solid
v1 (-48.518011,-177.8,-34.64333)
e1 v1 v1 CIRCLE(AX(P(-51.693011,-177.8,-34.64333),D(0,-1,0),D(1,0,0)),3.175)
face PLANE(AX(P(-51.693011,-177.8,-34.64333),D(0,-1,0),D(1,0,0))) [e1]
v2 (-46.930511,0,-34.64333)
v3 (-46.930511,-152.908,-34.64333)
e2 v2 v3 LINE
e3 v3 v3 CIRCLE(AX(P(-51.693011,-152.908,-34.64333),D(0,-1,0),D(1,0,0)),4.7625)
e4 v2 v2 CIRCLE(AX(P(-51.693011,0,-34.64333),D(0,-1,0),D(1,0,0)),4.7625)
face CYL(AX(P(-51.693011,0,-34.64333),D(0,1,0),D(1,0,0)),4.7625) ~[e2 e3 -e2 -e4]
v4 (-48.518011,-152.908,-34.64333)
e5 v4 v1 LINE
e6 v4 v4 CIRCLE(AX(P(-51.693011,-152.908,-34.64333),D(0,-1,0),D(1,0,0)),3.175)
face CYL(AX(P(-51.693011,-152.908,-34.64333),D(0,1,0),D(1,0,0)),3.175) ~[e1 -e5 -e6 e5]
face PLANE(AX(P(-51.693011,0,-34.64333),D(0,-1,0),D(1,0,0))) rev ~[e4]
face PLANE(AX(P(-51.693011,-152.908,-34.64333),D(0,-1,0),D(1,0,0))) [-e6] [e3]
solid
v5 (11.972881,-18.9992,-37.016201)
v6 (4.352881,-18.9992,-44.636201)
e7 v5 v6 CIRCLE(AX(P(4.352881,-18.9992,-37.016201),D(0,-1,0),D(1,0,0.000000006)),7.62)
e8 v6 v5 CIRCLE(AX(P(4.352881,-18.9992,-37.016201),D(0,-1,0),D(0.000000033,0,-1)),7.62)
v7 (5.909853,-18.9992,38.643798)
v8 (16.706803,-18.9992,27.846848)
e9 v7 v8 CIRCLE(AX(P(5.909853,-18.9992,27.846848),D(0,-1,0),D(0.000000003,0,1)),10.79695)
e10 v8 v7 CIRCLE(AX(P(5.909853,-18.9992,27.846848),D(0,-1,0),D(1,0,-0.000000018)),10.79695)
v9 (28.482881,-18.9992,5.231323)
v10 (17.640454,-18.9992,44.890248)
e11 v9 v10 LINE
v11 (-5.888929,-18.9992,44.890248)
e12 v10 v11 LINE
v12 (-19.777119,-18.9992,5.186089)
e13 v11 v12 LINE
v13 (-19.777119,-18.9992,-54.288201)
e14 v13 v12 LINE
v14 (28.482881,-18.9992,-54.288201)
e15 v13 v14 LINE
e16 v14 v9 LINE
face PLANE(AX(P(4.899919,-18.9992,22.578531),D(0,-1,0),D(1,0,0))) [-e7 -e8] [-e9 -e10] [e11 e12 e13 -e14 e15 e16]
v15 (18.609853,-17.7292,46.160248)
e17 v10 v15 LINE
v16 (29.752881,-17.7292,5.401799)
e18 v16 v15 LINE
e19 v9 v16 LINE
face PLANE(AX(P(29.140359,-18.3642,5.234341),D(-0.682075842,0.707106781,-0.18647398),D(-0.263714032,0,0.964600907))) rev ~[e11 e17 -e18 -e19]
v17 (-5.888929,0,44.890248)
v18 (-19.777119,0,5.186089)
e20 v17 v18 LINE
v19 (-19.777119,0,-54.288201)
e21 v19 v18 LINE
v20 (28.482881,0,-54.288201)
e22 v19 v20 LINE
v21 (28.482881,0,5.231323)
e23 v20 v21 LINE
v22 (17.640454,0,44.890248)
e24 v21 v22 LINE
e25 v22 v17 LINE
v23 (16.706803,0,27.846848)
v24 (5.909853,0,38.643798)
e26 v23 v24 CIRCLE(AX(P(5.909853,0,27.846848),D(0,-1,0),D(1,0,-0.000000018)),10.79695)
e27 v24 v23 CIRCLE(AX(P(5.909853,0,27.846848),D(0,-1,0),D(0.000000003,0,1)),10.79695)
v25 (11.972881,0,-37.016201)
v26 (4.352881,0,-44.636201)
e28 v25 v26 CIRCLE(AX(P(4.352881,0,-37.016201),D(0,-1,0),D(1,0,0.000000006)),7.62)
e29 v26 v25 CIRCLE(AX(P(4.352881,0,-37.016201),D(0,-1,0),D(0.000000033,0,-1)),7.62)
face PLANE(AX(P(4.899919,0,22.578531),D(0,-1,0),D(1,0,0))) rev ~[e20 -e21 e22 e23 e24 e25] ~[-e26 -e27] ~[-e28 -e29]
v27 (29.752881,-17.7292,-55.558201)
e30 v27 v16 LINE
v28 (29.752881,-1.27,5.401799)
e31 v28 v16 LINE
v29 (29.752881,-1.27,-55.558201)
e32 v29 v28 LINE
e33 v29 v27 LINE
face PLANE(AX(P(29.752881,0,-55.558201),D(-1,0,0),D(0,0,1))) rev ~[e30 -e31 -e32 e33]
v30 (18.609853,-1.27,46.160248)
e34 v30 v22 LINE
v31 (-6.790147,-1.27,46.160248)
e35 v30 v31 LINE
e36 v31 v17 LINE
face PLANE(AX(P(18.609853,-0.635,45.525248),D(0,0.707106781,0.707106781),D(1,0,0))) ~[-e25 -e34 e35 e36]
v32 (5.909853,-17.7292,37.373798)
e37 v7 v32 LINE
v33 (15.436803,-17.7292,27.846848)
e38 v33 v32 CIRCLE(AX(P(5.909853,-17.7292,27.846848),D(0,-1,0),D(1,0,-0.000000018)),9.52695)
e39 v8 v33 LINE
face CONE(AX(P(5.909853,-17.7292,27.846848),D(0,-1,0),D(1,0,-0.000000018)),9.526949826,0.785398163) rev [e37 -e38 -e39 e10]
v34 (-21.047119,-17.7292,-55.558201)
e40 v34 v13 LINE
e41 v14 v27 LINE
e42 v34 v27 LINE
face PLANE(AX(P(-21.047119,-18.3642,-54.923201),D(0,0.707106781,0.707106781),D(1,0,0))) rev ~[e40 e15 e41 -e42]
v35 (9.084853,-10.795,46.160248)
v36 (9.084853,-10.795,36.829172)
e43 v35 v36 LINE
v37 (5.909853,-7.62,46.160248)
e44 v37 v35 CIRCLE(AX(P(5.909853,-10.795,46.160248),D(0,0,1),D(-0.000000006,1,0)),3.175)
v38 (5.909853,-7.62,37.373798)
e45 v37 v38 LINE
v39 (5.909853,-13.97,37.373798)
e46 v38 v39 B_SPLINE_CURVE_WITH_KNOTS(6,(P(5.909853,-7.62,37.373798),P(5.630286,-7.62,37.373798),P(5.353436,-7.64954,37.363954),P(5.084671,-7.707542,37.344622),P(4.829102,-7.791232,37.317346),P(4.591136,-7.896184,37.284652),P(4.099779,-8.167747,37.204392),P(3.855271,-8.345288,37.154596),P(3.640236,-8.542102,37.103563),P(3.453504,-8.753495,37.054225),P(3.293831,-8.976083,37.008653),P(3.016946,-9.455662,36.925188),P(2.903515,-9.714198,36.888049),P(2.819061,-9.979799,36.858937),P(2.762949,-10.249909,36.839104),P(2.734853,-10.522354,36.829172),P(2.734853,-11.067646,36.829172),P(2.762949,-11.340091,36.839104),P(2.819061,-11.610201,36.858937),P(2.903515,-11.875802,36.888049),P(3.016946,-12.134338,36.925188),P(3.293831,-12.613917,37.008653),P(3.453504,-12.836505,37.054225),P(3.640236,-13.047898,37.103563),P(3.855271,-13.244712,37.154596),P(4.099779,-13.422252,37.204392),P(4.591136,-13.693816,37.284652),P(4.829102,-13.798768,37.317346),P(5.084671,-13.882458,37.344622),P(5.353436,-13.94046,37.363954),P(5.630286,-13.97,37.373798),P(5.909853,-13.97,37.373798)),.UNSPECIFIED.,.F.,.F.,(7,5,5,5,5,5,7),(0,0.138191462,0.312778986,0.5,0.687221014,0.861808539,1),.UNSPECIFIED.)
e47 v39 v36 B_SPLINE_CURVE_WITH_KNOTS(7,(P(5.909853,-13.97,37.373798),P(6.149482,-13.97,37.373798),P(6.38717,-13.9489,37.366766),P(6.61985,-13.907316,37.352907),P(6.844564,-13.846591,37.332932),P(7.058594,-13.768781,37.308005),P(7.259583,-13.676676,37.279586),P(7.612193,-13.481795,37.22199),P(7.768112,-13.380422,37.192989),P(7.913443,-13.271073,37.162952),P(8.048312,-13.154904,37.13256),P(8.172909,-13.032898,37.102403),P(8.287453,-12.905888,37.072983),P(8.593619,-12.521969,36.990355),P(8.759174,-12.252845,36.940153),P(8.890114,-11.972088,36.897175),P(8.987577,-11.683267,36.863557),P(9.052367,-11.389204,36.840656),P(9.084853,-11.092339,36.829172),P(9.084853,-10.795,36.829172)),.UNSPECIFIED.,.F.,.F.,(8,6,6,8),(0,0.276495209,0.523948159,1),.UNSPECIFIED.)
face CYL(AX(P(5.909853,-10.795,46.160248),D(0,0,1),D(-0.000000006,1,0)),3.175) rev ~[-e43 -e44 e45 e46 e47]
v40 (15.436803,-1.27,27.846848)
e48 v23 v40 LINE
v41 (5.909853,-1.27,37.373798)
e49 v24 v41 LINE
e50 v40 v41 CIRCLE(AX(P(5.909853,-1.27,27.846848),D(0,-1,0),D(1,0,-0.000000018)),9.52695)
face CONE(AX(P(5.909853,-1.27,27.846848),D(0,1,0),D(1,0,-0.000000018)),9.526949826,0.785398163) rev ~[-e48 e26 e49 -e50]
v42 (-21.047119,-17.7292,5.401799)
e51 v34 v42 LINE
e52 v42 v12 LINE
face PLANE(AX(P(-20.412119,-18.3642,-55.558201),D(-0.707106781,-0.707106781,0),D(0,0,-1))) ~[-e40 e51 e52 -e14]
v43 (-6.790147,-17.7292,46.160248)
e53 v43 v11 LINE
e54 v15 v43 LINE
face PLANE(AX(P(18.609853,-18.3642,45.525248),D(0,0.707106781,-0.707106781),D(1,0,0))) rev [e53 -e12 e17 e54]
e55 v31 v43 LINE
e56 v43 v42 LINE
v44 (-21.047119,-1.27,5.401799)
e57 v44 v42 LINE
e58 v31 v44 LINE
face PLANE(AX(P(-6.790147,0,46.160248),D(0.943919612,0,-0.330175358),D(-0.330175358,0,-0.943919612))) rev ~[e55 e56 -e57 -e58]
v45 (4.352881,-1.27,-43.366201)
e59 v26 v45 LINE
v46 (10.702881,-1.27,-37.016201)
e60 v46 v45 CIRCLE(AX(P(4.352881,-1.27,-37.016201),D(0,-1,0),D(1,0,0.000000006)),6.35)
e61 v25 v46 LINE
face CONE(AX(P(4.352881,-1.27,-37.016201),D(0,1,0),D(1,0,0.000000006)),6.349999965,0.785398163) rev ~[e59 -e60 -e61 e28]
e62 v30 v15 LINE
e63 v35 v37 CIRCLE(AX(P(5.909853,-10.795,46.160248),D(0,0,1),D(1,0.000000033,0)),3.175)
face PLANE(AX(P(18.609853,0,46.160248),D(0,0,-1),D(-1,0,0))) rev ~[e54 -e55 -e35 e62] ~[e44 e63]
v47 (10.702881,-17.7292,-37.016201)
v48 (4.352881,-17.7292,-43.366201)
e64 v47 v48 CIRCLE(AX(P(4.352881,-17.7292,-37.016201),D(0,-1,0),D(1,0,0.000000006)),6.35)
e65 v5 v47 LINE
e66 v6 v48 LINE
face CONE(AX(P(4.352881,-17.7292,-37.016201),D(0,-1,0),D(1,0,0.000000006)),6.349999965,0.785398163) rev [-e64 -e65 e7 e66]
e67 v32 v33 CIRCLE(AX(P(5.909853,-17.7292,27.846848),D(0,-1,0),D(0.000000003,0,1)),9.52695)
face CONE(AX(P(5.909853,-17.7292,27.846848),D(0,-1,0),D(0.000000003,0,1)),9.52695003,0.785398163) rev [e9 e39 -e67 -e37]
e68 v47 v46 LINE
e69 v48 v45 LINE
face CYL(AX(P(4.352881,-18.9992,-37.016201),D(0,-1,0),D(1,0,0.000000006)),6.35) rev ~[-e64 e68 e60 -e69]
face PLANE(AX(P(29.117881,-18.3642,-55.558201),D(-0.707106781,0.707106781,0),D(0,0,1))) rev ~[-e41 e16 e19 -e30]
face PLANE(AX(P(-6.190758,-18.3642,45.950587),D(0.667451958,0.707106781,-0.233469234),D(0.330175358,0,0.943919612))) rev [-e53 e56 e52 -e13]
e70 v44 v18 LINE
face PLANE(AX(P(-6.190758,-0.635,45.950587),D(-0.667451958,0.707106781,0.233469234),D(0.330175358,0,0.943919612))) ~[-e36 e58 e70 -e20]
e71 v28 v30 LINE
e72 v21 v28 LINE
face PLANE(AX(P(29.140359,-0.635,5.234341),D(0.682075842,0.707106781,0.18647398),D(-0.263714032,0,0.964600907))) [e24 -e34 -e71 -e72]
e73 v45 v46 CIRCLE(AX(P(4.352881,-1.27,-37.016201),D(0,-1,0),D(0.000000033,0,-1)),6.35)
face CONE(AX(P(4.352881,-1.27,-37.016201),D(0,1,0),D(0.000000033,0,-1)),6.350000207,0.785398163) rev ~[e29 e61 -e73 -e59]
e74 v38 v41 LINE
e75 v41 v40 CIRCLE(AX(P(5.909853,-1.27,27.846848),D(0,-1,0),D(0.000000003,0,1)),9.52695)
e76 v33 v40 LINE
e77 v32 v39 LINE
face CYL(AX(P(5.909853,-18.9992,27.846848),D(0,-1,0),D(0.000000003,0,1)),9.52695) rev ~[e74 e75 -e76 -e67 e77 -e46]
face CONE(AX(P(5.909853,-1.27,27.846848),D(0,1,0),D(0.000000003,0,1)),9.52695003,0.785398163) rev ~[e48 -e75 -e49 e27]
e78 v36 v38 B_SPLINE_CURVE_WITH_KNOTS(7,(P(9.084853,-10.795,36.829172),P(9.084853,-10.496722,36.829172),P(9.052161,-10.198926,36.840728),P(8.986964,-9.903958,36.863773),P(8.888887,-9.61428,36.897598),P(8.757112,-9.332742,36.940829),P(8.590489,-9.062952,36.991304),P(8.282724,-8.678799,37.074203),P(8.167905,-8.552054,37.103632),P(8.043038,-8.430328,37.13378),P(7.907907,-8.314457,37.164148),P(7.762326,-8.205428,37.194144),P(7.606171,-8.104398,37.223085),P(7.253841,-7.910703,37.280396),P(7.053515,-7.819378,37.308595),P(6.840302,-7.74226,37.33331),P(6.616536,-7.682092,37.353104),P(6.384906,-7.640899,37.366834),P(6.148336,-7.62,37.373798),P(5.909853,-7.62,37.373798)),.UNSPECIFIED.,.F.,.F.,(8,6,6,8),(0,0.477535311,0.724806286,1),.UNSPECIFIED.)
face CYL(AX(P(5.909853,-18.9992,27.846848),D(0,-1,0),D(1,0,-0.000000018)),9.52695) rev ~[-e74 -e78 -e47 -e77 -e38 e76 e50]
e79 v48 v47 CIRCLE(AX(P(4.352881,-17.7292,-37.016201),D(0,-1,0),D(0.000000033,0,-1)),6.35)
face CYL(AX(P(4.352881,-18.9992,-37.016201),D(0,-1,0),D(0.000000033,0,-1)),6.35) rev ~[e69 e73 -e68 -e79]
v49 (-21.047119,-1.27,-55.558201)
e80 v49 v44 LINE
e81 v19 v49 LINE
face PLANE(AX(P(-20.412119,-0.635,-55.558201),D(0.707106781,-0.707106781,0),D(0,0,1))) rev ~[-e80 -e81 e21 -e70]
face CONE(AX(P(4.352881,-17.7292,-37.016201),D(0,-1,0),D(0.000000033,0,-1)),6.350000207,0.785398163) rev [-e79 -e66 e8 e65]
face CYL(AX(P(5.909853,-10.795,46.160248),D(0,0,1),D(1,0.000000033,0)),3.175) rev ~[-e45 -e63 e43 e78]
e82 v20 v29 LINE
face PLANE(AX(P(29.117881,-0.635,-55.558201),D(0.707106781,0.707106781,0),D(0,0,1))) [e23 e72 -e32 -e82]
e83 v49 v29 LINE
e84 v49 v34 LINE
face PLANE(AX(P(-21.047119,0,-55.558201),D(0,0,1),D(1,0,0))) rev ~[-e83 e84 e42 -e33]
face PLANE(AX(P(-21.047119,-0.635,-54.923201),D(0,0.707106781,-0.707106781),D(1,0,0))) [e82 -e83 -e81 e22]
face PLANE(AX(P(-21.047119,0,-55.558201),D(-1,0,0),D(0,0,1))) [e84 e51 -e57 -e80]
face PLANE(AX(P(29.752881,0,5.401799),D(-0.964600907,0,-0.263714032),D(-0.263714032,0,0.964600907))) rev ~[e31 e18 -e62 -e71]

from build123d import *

# Parameters (mm, degrees)
F0_W      = 50.8
F0_H      = 60.96
F1_DEPTH  = 18.9992
F3_DEPTH  = 25.4
F5_DEPTH  = 25.4
F6_SIZE   = 1.27
F7_SIZE   = 1.27
F9_DEPTH  = 25.4
F10_R     = 4.7625
F11_DEPTH = 152.908
F12_R     = 3.175
F13_DEPTH = 24.892


with BuildPart() as f1:
    # F0 (on Front) → F1 (new body)
    with BuildSketch(Plane.XZ):
        Polygon((-6.790147, 46.160248), (-21.047119, 5.401799), (29.752881, 5.401799), (18.609853, 46.160248), align=None)
        with Locations((4.352881, -25.078201)):
            Rectangle(F0_W, F0_H)
    extrude(amount=F1_DEPTH)

    # F2 (on face) → F3 (cut)
    with BuildSketch(Plane.XZ.offset(18.9992)):
        with BuildLine():
            ThreePointArc((15.436803, 27.846848), (12.646424, 34.583419), (5.909853, 37.373798))
            ThreePointArc((5.909853, 37.373798), (-0.826718, 21.110277), (15.436803, 27.846848))
        make_face()
    extrude(amount=-F3_DEPTH, mode=Mode.SUBTRACT)

    # F4 (on face) → F5 (cut)
    with BuildSketch(Plane.XZ.offset(18.9992)):
        with BuildLine():
            ThreePointArc((10.702881, -37.016201), (-0.137247, -32.526073), (4.352881, -43.366201))
            ThreePointArc((4.352881, -43.366201), (8.843009, -41.506329), (10.702881, -37.016201))
        make_face()
    extrude(amount=-F5_DEPTH, mode=Mode.SUBTRACT)

    # F6
    f6_edges = [f1.edges().sort_by_distance(p)[0] for p in [
        (24.181367, -18.9992, 25.781023),
        (5.909853, -18.9992, 46.160248),
        (-13.918633, -18.9992, 25.781023),
        (-21.047119, -18.9992, -25.078201),
        (4.352881, -18.9992, -55.558201),
        (29.752881, -18.9992, -25.078201),
        (4.352881, -18.9992, -30.666201),
        (-3.617097, -18.9992, 27.846848),
    ]]
    chamfer(f6_edges, length=F6_SIZE)

    # F7
    f7_edges = [f1.edges().sort_by_distance(p)[0] for p in [
        (5.909853, 0, 46.160248),
        (-13.918633, 0, 25.781023),
        (-21.047119, 0, -25.078201),
        (4.352881, 0, -55.558201),
        (29.752881, 0, -25.078201),
        (24.181367, 0, 25.781023),
        (-3.617097, 0, 27.846848),
        (4.352881, 0, -30.666201),
    ]]
    chamfer(f7_edges, length=F7_SIZE)

    # F8 (on face) → F9 (cut)
    with BuildSketch(Plane.XY.offset(46.160248)):
        with BuildLine():
            ThreePointArc((9.084853, -10.795), (8.154917, -8.549936), (5.909853, -7.62))
            ThreePointArc((5.909853, -7.62), (3.664789, -13.040064), (9.084853, -10.795))
        make_face()
    extrude(amount=-F9_DEPTH, mode=Mode.SUBTRACT)


with BuildPart() as f11:
    # F10 (on Front) → F11 (new body)
    with BuildSketch(Plane.XZ):
        with Locations((-51.693011, -34.64333)):
            Circle(F10_R)
    extrude(amount=F11_DEPTH)

    # F12 (on face) → F13 (join)
    with BuildSketch(Plane.XZ.offset(152.908)):
        with Locations((-51.693011, -34.64333)):
            Circle(F12_R)
    extrude(amount=F13_DEPTH)


solid = Compound([f1.part, f11.part])
